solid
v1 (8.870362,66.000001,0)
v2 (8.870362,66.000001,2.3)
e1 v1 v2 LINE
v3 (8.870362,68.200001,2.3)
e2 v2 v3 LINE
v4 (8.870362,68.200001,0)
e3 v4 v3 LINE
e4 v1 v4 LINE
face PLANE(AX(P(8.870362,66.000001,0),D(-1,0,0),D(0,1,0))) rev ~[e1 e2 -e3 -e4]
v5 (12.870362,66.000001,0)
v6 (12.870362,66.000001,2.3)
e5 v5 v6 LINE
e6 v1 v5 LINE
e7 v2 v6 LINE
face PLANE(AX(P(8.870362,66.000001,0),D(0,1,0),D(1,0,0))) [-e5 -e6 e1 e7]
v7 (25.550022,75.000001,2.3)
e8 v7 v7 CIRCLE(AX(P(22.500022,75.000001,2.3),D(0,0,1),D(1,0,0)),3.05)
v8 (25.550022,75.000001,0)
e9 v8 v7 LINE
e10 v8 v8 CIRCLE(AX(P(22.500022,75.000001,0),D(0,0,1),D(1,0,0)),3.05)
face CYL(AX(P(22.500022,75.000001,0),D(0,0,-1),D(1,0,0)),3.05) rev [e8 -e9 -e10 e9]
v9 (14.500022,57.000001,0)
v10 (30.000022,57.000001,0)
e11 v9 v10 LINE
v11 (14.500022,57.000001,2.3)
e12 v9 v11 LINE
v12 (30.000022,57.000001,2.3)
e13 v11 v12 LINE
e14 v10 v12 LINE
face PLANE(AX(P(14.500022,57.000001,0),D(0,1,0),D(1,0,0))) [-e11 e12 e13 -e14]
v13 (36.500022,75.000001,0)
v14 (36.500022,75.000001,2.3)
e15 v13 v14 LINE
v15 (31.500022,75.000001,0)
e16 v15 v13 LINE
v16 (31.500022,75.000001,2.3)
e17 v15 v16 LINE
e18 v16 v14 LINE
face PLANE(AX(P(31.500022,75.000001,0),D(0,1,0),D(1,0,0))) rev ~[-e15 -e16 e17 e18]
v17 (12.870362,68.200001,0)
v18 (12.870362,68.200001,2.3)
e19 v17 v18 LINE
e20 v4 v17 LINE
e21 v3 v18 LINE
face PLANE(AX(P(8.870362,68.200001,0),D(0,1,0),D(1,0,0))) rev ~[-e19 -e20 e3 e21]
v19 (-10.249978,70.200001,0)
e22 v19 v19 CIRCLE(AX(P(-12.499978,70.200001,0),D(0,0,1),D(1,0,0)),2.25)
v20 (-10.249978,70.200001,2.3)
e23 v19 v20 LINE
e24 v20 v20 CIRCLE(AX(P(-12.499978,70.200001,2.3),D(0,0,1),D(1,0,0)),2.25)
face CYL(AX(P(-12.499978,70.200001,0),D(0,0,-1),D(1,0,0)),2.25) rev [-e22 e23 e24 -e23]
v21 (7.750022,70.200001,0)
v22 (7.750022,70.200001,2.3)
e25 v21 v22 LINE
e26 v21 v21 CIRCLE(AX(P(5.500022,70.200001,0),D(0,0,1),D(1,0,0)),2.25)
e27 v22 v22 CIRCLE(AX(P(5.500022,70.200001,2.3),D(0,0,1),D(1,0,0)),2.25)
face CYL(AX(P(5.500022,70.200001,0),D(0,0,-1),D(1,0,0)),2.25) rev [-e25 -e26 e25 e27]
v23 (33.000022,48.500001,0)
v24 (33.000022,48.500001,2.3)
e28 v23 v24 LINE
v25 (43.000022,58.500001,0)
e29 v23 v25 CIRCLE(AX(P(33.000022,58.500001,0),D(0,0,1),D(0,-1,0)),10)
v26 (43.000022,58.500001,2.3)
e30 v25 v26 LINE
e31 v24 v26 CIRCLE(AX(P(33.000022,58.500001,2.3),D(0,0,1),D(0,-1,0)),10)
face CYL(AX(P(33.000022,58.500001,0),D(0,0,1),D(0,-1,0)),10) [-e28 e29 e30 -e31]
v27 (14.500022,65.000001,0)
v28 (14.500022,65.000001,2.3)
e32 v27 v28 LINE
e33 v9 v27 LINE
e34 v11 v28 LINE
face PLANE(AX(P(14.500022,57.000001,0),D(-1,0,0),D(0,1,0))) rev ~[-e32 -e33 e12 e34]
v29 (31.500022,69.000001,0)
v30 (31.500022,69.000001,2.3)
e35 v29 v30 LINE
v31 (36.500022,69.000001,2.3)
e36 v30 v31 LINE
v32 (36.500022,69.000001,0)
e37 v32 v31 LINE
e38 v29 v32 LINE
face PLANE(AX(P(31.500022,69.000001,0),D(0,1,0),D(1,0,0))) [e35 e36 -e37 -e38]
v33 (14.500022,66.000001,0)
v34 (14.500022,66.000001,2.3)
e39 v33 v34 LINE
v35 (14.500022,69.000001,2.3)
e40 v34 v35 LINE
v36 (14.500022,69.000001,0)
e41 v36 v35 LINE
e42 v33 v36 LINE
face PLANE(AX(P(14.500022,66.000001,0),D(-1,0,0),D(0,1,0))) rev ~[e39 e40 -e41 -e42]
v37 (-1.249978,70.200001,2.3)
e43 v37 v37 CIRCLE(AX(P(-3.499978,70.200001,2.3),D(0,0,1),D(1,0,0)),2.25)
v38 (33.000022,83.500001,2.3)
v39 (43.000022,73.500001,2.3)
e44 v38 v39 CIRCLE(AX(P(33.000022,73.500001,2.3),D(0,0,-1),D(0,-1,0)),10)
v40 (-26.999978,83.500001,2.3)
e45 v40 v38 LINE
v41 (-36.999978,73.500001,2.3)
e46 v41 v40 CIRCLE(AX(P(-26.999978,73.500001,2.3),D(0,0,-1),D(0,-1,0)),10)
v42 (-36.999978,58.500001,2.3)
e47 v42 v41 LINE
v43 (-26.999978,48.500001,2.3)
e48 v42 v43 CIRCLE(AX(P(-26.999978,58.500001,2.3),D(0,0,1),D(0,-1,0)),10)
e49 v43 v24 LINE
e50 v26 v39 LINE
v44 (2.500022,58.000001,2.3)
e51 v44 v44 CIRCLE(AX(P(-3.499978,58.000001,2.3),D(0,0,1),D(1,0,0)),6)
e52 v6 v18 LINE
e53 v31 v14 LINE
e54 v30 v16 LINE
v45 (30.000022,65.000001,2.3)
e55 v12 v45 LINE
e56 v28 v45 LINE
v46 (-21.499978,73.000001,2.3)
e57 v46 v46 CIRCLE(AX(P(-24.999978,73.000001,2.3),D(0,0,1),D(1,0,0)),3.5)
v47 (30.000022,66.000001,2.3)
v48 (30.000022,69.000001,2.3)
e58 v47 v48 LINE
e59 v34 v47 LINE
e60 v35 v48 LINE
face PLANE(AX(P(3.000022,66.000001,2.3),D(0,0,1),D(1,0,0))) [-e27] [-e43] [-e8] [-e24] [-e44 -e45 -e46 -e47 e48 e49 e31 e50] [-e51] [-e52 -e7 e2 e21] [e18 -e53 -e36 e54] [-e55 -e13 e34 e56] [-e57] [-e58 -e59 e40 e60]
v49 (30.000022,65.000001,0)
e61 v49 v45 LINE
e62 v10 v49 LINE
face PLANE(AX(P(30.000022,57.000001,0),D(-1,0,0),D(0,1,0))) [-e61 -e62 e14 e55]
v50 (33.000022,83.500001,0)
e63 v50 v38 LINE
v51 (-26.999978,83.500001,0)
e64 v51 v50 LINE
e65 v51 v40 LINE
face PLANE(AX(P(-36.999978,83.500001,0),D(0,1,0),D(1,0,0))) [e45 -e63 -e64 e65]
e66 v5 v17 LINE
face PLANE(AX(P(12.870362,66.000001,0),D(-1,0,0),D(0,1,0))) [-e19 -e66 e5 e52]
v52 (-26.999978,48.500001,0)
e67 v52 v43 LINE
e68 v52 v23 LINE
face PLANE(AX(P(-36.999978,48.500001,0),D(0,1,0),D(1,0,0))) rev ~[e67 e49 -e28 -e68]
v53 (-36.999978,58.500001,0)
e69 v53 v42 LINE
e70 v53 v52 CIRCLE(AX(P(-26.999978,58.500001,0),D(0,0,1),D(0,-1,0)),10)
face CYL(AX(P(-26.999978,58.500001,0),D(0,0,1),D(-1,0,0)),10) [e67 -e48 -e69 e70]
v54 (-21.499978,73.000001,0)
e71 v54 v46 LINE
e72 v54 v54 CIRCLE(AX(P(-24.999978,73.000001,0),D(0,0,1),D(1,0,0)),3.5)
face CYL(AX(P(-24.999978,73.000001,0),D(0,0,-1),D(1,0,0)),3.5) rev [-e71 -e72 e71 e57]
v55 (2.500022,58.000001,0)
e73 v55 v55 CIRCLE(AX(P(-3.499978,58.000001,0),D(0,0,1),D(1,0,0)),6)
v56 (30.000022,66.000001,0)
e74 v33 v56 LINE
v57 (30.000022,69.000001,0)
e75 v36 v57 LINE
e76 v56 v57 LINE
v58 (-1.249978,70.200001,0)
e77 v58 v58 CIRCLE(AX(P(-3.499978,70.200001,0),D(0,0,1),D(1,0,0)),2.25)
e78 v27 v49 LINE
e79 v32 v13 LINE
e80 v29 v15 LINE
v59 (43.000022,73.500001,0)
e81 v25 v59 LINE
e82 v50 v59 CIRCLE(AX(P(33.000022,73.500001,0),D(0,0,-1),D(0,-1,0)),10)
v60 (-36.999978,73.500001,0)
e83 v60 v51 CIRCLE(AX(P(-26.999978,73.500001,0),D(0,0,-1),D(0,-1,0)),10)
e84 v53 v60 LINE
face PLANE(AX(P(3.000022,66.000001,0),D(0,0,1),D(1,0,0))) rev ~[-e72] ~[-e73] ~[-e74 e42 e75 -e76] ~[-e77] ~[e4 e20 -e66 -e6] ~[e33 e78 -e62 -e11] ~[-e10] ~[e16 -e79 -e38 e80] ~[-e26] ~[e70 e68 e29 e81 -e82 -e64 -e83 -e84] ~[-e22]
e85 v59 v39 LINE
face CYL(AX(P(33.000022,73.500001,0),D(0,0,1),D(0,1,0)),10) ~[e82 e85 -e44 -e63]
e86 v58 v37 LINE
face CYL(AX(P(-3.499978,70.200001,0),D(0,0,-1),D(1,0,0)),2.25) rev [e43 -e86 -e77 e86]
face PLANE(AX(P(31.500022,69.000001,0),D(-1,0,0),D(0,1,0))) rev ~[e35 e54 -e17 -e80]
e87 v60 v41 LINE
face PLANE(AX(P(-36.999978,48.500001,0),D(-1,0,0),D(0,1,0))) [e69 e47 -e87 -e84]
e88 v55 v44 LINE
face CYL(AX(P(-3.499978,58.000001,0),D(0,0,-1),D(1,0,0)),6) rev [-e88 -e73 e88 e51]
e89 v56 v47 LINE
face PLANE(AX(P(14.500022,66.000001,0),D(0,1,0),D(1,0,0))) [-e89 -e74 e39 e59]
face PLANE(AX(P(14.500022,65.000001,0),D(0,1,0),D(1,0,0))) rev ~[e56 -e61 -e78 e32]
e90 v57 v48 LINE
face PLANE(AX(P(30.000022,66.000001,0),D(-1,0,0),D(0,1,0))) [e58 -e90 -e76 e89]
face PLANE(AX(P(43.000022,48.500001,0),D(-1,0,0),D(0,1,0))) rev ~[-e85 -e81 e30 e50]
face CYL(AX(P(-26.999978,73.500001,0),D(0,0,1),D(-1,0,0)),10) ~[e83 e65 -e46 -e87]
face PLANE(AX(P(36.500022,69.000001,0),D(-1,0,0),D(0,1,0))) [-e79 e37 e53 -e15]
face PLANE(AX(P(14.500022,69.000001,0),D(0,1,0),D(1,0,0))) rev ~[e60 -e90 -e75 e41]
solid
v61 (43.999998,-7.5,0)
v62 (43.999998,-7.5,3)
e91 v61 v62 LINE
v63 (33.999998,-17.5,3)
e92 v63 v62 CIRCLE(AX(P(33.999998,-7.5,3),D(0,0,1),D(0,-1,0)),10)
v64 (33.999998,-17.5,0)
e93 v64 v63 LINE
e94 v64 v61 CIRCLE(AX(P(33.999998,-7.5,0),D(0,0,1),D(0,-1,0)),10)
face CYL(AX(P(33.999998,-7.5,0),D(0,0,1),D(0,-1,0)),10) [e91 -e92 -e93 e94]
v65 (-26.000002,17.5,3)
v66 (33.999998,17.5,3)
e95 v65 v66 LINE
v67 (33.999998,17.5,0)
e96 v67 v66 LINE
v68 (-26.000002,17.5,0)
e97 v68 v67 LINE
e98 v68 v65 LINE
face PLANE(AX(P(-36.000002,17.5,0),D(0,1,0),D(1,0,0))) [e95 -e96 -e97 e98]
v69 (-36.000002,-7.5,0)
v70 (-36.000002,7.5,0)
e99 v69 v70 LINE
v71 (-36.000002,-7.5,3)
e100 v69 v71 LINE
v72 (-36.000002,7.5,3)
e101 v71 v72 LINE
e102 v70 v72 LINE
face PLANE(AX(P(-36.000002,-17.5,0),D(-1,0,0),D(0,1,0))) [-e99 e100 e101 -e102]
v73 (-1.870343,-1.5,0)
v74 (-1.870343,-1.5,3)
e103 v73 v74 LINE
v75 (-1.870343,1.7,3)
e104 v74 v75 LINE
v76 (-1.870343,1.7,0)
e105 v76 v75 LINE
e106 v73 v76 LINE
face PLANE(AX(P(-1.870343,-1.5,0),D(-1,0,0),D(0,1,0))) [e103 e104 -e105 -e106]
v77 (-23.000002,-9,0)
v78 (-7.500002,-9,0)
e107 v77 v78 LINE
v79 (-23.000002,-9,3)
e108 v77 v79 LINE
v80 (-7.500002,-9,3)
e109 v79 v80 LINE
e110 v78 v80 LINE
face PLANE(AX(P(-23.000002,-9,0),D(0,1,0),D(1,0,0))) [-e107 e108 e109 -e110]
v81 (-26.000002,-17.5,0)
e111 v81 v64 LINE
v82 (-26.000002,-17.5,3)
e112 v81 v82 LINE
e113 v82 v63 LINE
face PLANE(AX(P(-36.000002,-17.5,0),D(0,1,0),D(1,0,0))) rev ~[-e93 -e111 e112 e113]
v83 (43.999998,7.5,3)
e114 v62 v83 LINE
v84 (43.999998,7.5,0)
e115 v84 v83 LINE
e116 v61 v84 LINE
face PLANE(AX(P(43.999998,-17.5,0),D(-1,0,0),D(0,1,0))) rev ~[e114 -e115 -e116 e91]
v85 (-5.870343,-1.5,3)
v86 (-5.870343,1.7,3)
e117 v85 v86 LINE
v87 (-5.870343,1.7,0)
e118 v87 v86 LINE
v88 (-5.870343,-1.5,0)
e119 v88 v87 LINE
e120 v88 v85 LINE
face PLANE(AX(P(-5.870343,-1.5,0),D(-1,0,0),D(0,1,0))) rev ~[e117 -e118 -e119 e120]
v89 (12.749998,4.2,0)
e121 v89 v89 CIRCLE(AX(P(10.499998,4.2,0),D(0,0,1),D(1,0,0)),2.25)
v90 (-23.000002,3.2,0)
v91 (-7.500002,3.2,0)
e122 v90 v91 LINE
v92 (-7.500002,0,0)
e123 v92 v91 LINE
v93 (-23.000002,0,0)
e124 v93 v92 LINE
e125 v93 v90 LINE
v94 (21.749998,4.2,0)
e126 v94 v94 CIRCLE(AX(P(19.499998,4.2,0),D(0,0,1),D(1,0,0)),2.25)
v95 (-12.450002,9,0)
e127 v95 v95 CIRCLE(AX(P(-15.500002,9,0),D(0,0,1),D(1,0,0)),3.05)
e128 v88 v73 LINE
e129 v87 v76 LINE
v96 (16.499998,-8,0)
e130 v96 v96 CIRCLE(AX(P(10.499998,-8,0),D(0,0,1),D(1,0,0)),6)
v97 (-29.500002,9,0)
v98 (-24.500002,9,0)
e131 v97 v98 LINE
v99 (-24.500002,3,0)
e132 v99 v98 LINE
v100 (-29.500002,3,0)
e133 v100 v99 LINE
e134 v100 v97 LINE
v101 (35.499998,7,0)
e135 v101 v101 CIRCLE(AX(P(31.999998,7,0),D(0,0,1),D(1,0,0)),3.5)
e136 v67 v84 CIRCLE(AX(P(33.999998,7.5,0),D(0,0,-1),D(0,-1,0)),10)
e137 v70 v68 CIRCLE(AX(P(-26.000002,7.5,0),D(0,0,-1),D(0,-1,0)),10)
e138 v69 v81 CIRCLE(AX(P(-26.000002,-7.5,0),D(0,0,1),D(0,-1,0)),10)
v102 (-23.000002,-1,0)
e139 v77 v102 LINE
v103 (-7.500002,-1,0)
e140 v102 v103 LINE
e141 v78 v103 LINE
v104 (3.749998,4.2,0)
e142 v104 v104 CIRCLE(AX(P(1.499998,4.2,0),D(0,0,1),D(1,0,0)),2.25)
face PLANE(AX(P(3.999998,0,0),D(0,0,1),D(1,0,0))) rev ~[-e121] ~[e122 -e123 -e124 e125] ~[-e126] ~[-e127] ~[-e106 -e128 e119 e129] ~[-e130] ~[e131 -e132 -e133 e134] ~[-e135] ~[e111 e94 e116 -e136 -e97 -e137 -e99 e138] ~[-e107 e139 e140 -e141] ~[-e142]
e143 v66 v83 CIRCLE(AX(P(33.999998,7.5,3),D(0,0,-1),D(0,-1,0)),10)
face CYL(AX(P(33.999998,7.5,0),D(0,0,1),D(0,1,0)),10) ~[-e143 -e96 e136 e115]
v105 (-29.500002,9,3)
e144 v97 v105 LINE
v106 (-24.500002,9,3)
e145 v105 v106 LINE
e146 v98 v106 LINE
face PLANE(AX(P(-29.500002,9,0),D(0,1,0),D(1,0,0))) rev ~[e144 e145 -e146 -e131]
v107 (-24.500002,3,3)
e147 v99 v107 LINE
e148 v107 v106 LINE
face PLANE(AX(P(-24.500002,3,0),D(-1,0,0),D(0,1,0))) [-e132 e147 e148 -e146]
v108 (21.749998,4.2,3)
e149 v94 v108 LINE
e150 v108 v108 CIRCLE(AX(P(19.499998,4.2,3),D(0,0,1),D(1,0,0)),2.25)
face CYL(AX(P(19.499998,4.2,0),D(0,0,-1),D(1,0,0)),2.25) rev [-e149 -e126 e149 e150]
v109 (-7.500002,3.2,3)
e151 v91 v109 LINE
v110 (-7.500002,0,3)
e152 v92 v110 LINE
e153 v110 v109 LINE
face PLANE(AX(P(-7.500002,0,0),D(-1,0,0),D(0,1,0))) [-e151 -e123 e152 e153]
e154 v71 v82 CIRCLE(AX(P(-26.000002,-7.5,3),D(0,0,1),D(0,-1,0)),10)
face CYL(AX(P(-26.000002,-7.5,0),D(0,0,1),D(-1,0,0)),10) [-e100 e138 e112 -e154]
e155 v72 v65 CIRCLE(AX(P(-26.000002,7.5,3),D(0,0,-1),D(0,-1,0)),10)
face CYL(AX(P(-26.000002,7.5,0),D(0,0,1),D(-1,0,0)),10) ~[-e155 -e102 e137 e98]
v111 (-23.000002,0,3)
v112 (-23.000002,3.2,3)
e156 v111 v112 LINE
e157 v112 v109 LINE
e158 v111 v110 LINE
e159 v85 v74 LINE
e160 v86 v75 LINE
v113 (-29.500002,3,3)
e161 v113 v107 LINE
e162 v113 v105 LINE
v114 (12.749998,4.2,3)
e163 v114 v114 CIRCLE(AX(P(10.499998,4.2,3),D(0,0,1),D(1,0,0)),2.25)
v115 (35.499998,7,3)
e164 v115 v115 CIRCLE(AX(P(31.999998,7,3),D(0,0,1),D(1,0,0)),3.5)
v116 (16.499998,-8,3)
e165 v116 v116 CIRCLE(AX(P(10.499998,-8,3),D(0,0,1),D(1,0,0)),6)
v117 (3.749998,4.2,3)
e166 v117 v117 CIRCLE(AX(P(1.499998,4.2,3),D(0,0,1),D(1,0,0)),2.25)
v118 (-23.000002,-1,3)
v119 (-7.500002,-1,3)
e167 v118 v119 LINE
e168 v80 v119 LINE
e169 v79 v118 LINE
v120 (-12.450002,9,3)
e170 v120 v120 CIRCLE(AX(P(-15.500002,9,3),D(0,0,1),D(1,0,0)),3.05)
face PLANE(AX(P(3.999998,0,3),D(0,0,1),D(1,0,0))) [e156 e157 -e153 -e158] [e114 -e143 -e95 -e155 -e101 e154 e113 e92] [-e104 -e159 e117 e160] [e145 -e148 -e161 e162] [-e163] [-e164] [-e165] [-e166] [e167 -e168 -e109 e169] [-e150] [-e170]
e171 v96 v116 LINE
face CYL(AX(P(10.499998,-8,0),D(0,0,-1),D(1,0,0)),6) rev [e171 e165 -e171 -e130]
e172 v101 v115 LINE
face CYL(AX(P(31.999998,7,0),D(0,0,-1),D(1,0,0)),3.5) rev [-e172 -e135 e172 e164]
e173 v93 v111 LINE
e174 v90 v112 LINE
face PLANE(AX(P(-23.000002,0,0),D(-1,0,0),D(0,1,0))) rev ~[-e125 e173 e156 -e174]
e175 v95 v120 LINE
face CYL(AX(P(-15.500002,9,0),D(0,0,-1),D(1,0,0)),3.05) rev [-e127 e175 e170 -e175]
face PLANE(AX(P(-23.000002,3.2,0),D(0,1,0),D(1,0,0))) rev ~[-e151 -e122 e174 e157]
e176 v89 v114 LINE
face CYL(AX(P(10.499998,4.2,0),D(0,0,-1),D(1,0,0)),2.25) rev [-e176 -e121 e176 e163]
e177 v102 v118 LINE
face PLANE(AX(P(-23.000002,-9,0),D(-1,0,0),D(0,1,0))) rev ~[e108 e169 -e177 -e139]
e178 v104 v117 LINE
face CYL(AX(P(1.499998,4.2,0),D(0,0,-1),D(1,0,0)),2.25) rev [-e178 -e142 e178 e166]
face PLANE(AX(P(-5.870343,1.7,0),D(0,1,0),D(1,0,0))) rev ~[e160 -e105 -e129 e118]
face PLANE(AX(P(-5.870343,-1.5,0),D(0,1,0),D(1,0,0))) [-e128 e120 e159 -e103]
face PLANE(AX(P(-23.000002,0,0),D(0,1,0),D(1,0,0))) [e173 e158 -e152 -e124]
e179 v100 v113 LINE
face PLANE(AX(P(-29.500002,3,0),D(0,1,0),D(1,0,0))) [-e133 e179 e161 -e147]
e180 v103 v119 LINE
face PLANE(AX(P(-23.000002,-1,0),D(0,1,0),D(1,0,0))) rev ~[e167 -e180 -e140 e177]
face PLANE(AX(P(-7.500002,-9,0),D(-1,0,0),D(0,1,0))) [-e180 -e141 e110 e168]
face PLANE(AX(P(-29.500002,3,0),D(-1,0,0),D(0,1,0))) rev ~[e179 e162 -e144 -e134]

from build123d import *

# Parameters (mm, degrees)
F0_W     = 80
F0_H     = 35
F0_R     = 6
F0_R_2   = 3.5
F0_R_3   = 2.25
F0_W_2   = 4
F0_H_2   = 2.2
F0_W_3   = 15.5
F0_H_3   = 8
F0_H_4   = 3
F0_R_4   = 3.05
F0_W_4   = 5
F0_H_5   = 6
F1_DEPTH = 2.3
F2_R     = 10
F0_H_6   = 3.2
F3_DEPTH = 3
F4_R     = 10


with BuildPart() as f1:
    # F0 (on Top) → F1 (new body)
    with BuildSketch(Plane.XY):
        with Locations((3.000022, 66.000001)):
            Rectangle(F0_W, F0_H)
        with Locations((-3.499978, 58.000001)):
            Circle(F0_R, mode=Mode.SUBTRACT)
        with Locations((-24.999978, 73.000001)):
            Circle(F0_R_2, mode=Mode.SUBTRACT)
        with Locations((-12.499978, 70.200001)):
            Circle(F0_R_3, mode=Mode.SUBTRACT)
        with Locations((-3.499978, 70.200001)):
            Circle(F0_R_3, mode=Mode.SUBTRACT)
        with Locations((5.500022, 70.200001)):
            Circle(F0_R_3, mode=Mode.SUBTRACT)
        with Locations((10.870362, 67.100001)):
            Rectangle(F0_W_2, F0_H_2, mode=Mode.SUBTRACT)
        with Locations((22.250022, 61.000001)):
            Rectangle(F0_W_3, F0_H_3, mode=Mode.SUBTRACT)
        with Locations((22.250022, 67.500001)):
            Rectangle(F0_W_3, F0_H_4, mode=Mode.SUBTRACT)
        with Locations((22.500022, 75.000001)):
            Circle(F0_R_4, mode=Mode.SUBTRACT)
        with Locations((34.000022, 72.000001)):
            Rectangle(F0_W_4, F0_H_5, mode=Mode.SUBTRACT)
    extrude(amount=F1_DEPTH)

    # F2
    f2_edges = [f1.edges().sort_by_distance(p)[0] for p in [
        (43.000022, 83.500001, 1.15),
        (43.000022, 48.500001, 1.15),
        (-36.999978, 48.500001, 1.15),
        (-36.999978, 83.500001, 1.15),
    ]]
    fillet(f2_edges, radius=F2_R)


with BuildPart() as f3:
    # F0 (on Top) → F3 (new body)
    with BuildSketch(Plane.XY):
        with Locations((3.999998, 0)):
            Rectangle(F0_W, F0_H)
        with Locations((-27.000002, 6)):
            Rectangle(F0_W_4, F0_H_5, mode=Mode.SUBTRACT)
        with Locations((-15.250002, -5)):
            Rectangle(F0_W_3, F0_H_3, mode=Mode.SUBTRACT)
        with Locations((-15.250002, 1.6)):
            Rectangle(F0_W_3, F0_H_6, mode=Mode.SUBTRACT)
        with Locations((-3.870343, 0.1)):
            Rectangle(F0_W_2, F0_H_6, mode=Mode.SUBTRACT)
        with Locations((1.499998, 4.2)):
            Circle(F0_R_3, mode=Mode.SUBTRACT)
        with Locations((-15.500002, 9)):
            Circle(F0_R_4, mode=Mode.SUBTRACT)
        with Locations((10.499998, -8)):
            Circle(F0_R, mode=Mode.SUBTRACT)
        with Locations((10.499998, 4.2)):
            Circle(F0_R_3, mode=Mode.SUBTRACT)
        with Locations((19.499998, 4.2)):
            Circle(F0_R_3, mode=Mode.SUBTRACT)
        with Locations((31.999998, 7)):
            Circle(F0_R_2, mode=Mode.SUBTRACT)
    extrude(amount=F3_DEPTH)

    # F4
    f4_edges = [f3.edges().sort_by_distance(p)[0] for p in [
        (-36.000002, 17.5, 1.5),
        (-36.000002, -17.5, 1.5),
        (43.999998, 17.5, 1.5),
        (43.999998, -17.5, 1.5),
    ]]
    fillet(f4_edges, radius=F4_R)


solid = Compound([f1.part, f3.part])
